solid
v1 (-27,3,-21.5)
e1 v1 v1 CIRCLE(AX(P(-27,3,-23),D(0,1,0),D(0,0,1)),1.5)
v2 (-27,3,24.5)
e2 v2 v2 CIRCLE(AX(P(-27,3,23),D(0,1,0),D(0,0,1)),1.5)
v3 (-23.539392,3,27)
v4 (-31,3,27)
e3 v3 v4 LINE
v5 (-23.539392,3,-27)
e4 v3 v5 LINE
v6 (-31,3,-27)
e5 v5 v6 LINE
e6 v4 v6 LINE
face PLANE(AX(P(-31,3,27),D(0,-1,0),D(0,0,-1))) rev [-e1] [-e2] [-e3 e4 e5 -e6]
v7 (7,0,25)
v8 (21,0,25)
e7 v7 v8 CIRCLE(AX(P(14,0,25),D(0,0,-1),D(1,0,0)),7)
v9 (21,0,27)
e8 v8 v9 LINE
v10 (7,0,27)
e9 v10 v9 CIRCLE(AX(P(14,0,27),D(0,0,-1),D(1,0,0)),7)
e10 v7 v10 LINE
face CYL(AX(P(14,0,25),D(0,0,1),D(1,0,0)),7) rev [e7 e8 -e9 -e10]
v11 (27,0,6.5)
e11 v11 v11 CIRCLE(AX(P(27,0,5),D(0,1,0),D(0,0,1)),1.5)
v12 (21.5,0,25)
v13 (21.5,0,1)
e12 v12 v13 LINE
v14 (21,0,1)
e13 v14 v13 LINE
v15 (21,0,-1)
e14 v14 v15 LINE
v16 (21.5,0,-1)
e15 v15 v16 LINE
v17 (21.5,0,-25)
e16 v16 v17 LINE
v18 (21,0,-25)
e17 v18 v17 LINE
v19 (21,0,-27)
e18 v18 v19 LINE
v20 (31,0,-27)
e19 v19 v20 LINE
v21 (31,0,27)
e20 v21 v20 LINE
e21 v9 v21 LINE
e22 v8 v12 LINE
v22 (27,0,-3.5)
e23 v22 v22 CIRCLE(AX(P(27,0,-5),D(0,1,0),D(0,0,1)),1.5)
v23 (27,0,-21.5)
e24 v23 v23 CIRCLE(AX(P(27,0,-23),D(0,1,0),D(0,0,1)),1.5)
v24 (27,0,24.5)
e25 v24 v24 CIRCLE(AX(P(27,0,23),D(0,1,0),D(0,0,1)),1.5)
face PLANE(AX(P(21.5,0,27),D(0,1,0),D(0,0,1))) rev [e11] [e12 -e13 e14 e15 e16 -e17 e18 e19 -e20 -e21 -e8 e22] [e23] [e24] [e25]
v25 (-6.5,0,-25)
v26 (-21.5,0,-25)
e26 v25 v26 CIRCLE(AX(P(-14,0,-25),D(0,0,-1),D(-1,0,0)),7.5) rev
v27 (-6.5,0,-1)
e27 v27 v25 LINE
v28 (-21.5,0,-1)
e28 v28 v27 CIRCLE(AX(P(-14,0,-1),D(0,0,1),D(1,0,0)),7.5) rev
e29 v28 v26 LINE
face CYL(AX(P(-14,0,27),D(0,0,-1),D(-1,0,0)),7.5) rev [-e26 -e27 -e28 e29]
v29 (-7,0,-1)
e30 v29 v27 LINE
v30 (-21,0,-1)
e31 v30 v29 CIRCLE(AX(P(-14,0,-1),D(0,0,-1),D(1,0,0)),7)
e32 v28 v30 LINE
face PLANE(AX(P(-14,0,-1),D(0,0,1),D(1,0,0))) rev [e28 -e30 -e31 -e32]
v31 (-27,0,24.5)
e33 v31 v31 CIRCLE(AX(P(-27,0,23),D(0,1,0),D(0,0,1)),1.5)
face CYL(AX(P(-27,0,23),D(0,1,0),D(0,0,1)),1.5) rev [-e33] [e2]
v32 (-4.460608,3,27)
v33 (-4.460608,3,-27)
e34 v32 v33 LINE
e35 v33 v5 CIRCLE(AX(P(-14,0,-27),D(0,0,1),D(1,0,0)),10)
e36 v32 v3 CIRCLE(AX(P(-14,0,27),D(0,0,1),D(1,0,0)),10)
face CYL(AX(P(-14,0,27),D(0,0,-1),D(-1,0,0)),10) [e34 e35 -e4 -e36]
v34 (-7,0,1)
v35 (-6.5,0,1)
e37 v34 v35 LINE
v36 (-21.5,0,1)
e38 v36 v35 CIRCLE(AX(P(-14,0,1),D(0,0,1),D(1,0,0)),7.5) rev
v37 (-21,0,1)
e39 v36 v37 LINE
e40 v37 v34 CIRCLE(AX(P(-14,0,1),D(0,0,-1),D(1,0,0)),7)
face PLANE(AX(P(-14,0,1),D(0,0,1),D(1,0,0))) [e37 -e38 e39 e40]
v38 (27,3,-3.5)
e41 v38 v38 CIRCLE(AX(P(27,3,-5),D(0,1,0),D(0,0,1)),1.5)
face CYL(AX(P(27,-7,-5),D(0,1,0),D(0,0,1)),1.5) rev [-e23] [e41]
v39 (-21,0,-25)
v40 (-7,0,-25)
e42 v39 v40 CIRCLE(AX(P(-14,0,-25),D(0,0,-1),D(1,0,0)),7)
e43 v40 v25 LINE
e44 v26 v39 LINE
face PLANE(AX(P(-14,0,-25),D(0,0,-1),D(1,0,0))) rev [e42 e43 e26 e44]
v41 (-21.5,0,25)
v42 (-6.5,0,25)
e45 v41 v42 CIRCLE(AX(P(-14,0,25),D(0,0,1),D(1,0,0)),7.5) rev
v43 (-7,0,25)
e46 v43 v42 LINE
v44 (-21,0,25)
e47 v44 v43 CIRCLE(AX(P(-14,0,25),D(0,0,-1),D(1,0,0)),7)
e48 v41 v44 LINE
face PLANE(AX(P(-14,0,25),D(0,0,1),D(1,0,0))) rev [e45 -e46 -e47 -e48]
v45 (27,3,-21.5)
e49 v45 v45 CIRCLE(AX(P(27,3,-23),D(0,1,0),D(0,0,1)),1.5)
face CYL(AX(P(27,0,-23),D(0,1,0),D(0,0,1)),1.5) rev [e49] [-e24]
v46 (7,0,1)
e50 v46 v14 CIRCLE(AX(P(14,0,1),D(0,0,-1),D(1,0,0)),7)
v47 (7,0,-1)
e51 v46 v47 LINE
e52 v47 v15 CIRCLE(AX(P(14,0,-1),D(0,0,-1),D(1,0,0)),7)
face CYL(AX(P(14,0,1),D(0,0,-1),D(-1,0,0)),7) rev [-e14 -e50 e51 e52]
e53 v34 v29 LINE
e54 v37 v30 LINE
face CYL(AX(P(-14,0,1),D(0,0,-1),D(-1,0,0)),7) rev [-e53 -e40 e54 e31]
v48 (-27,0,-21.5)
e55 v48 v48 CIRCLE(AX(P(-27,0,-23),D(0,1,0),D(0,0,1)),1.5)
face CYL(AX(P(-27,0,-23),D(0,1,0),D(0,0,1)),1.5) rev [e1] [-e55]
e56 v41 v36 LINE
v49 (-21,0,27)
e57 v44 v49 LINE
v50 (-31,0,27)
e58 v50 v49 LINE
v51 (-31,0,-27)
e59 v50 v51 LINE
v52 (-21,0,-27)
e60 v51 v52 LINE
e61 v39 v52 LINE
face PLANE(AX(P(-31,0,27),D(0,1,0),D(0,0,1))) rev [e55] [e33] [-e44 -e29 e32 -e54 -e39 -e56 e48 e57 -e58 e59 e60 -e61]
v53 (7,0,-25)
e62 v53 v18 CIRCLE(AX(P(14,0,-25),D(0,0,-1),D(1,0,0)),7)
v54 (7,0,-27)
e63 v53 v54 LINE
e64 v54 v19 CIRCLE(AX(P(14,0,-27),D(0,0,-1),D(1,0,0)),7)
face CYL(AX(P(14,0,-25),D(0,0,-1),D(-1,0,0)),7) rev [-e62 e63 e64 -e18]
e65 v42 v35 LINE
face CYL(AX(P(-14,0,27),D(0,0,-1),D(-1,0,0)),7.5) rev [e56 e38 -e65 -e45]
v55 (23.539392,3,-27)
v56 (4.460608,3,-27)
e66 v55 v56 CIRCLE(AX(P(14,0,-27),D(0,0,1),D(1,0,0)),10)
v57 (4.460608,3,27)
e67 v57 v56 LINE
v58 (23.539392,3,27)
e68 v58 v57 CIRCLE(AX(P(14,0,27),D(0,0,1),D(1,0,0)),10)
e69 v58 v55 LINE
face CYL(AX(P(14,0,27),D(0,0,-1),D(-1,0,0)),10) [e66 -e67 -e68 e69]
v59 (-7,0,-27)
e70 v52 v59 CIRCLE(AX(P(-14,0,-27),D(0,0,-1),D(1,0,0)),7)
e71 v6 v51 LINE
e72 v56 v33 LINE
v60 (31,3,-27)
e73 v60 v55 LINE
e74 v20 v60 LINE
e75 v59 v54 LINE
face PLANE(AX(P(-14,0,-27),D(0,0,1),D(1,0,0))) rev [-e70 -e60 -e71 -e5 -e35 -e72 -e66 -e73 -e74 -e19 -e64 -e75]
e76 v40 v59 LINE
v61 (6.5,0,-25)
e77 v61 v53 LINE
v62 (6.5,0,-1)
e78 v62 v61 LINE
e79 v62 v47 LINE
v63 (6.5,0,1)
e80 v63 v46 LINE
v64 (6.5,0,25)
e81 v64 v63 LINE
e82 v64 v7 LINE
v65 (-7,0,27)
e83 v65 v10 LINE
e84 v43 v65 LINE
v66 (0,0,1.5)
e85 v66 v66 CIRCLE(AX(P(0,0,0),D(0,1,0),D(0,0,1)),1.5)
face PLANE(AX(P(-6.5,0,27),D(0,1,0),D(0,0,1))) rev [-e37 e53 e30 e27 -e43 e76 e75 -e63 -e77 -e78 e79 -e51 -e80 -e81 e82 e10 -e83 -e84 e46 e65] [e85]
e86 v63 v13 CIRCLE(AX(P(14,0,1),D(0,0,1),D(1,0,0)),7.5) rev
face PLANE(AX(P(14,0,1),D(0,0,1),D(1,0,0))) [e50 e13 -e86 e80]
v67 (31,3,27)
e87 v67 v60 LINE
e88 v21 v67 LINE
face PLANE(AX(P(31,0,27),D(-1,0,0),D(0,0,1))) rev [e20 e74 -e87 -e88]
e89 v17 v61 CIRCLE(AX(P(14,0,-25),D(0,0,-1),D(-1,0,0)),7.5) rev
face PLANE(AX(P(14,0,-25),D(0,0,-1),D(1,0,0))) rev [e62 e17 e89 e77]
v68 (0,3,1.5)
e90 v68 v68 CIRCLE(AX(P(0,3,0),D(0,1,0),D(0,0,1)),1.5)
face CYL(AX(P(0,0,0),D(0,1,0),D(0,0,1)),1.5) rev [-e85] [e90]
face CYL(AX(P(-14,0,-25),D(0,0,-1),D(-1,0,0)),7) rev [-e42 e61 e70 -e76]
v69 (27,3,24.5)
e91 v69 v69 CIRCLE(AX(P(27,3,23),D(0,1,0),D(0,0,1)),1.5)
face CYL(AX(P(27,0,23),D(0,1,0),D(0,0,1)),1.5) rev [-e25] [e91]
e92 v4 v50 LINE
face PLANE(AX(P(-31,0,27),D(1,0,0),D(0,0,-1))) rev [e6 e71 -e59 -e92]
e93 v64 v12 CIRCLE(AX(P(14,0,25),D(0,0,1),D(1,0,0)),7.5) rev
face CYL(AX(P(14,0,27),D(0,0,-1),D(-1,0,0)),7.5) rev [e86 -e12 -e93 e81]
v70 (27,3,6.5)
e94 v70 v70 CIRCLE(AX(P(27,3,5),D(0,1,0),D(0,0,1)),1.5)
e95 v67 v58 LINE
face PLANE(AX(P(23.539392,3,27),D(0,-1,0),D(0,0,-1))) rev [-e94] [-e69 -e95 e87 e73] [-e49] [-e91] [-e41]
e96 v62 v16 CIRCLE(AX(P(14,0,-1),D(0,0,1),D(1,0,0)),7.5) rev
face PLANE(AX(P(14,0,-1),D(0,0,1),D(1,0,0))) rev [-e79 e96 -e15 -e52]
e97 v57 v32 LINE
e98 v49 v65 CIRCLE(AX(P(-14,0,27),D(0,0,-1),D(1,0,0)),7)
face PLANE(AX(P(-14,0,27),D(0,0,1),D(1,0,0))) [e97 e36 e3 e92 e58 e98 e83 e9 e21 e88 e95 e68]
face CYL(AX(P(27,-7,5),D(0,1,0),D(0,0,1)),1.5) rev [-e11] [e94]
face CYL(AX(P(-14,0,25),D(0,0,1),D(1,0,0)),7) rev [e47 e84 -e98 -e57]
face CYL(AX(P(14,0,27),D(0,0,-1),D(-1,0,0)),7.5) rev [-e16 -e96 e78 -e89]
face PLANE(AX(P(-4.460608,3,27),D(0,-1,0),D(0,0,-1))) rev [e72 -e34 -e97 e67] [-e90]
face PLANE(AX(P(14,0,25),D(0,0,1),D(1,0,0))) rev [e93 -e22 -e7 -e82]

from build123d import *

# Parameters (mm, degrees)
BOSS_EXTRUDE1_DEPTH = 27
BOSS_EXTRUDE2_DEPTH = 2
BOSS_EXTRUDE3_DEPTH = 1
SKETCH4_R           = 1.5
CUT_EXTRUDE1_DEPTH  = 42.701318924
SKETCH5_R           = 1.5
CUT_EXTRUDE2_DEPTH  = 10


with BuildPart() as part:
    # Sketch1 → Boss-Extrude1 (new, symmetric)
    with BuildSketch(Plane.XY):
        with BuildLine():
            Line((-31, 3), (-23.539392014, 3))
            ThreePointArc((-23.539392014, 3), (-14, 10), (-4.460607986, 3))
            Line((-4.460607986, 3), (4.460607986, 3))
            ThreePointArc((4.460607986, 3), (14, 10), (23.539392014, 3))
            Line((23.539392014, 3), (31, 3))
            Line((31, 3), (31, 0))
            Line((31, 0), (21.5, 0))
            ThreePointArc((21.5, 0), (14, 7.5), (6.5, 0))
            Line((6.5, 0), (-6.5, 0))
            ThreePointArc((-6.5, 0), (-14, 7.5), (-21.5, 0))
            Line((-21.5, 0), (-31, 0))
            Line((-31, 0), (-31, 3))
        make_face()
    extrude(amount=BOSS_EXTRUDE1_DEPTH, both=True)

    # Sketch2 → Boss-Extrude2 (add)
    with BuildSketch(Plane.XY.offset(27)):
        with BuildLine():
            Line((-22, 0), (-21, 0))
            ThreePointArc((-21, 0), (-14, 7), (-7, 0))
            Line((-7, 0), (-6, 0))
            ThreePointArc((-6, 0), (-14, 8), (-22, 0))
        make_face()
        with BuildLine():
            Line((21, 0), (22, 0))
            ThreePointArc((22, 0), (14, 8), (6, 0))
            Line((6, 0), (7, 0))
            ThreePointArc((7, 0), (14, 7), (21, 0))
        make_face()
    boss_extrude2 = extrude(amount=-BOSS_EXTRUDE2_DEPTH)

    # Mirror1: Boss-Extrude2 across plane
    add(boss_extrude2.mirror(Plane.XY))

    # Sketch3 → Boss-Extrude3 (add, symmetric)
    with BuildSketch(Plane.XY):
        with BuildLine():
            Line((-22, 0), (-21, 0))
            ThreePointArc((-21, 0), (-14, 7), (-7, 0))
            Line((-7, 0), (-6, 0))
            ThreePointArc((-6, 0), (-14, 8), (-22, 0))
        make_face()
        with BuildLine():
            Line((6, 0), (7, 0))
            ThreePointArc((7, 0), (14, 7), (21, 0))
            Line((21, 0), (22, 0))
            ThreePointArc((22, 0), (14, 8), (6, 0))
        make_face()
    extrude(amount=BOSS_EXTRUDE3_DEPTH, both=True)

    # Sketch4 → Cut-Extrude1 (cut, through all)
    with BuildSketch(Plane(origin=(0, 3, 0), x_dir=(1, 0, 0), z_dir=(0, 1, 0))):
        with Locations(Location((-27, 23, 0), (0, 0, 270))):
            Circle(SKETCH4_R)
        with Locations(Location((-27, -23, 0), (0, 0, 270))):
            Circle(SKETCH4_R)
        with Locations(Location((27, -23, 0), (0, 0, 270))):
            Circle(SKETCH4_R)
        with Locations(Location((27, 23, 0), (0, 0, 270))):
            Circle(SKETCH4_R)
        with Locations(Location((0, 0, 0), (0, 0, 270))):
            Circle(SKETCH4_R)
    extrude(amount=-CUT_EXTRUDE1_DEPTH, mode=Mode.SUBTRACT)

    # Sketch5 → Cut-Extrude2 (cut)
    with BuildSketch(Plane(origin=(0, 3, 0), x_dir=(1, 0, 0), z_dir=(0, 1, 0))):
        with Locations(Location((27, 5, 0), (0, 0, 270))):
            Circle(SKETCH5_R)
        with Locations(Location((27, -5, 0), (0, 0, 270))):
            Circle(SKETCH5_R)
    extrude(amount=-CUT_EXTRUDE2_DEPTH, mode=Mode.SUBTRACT)


solid = part.part
